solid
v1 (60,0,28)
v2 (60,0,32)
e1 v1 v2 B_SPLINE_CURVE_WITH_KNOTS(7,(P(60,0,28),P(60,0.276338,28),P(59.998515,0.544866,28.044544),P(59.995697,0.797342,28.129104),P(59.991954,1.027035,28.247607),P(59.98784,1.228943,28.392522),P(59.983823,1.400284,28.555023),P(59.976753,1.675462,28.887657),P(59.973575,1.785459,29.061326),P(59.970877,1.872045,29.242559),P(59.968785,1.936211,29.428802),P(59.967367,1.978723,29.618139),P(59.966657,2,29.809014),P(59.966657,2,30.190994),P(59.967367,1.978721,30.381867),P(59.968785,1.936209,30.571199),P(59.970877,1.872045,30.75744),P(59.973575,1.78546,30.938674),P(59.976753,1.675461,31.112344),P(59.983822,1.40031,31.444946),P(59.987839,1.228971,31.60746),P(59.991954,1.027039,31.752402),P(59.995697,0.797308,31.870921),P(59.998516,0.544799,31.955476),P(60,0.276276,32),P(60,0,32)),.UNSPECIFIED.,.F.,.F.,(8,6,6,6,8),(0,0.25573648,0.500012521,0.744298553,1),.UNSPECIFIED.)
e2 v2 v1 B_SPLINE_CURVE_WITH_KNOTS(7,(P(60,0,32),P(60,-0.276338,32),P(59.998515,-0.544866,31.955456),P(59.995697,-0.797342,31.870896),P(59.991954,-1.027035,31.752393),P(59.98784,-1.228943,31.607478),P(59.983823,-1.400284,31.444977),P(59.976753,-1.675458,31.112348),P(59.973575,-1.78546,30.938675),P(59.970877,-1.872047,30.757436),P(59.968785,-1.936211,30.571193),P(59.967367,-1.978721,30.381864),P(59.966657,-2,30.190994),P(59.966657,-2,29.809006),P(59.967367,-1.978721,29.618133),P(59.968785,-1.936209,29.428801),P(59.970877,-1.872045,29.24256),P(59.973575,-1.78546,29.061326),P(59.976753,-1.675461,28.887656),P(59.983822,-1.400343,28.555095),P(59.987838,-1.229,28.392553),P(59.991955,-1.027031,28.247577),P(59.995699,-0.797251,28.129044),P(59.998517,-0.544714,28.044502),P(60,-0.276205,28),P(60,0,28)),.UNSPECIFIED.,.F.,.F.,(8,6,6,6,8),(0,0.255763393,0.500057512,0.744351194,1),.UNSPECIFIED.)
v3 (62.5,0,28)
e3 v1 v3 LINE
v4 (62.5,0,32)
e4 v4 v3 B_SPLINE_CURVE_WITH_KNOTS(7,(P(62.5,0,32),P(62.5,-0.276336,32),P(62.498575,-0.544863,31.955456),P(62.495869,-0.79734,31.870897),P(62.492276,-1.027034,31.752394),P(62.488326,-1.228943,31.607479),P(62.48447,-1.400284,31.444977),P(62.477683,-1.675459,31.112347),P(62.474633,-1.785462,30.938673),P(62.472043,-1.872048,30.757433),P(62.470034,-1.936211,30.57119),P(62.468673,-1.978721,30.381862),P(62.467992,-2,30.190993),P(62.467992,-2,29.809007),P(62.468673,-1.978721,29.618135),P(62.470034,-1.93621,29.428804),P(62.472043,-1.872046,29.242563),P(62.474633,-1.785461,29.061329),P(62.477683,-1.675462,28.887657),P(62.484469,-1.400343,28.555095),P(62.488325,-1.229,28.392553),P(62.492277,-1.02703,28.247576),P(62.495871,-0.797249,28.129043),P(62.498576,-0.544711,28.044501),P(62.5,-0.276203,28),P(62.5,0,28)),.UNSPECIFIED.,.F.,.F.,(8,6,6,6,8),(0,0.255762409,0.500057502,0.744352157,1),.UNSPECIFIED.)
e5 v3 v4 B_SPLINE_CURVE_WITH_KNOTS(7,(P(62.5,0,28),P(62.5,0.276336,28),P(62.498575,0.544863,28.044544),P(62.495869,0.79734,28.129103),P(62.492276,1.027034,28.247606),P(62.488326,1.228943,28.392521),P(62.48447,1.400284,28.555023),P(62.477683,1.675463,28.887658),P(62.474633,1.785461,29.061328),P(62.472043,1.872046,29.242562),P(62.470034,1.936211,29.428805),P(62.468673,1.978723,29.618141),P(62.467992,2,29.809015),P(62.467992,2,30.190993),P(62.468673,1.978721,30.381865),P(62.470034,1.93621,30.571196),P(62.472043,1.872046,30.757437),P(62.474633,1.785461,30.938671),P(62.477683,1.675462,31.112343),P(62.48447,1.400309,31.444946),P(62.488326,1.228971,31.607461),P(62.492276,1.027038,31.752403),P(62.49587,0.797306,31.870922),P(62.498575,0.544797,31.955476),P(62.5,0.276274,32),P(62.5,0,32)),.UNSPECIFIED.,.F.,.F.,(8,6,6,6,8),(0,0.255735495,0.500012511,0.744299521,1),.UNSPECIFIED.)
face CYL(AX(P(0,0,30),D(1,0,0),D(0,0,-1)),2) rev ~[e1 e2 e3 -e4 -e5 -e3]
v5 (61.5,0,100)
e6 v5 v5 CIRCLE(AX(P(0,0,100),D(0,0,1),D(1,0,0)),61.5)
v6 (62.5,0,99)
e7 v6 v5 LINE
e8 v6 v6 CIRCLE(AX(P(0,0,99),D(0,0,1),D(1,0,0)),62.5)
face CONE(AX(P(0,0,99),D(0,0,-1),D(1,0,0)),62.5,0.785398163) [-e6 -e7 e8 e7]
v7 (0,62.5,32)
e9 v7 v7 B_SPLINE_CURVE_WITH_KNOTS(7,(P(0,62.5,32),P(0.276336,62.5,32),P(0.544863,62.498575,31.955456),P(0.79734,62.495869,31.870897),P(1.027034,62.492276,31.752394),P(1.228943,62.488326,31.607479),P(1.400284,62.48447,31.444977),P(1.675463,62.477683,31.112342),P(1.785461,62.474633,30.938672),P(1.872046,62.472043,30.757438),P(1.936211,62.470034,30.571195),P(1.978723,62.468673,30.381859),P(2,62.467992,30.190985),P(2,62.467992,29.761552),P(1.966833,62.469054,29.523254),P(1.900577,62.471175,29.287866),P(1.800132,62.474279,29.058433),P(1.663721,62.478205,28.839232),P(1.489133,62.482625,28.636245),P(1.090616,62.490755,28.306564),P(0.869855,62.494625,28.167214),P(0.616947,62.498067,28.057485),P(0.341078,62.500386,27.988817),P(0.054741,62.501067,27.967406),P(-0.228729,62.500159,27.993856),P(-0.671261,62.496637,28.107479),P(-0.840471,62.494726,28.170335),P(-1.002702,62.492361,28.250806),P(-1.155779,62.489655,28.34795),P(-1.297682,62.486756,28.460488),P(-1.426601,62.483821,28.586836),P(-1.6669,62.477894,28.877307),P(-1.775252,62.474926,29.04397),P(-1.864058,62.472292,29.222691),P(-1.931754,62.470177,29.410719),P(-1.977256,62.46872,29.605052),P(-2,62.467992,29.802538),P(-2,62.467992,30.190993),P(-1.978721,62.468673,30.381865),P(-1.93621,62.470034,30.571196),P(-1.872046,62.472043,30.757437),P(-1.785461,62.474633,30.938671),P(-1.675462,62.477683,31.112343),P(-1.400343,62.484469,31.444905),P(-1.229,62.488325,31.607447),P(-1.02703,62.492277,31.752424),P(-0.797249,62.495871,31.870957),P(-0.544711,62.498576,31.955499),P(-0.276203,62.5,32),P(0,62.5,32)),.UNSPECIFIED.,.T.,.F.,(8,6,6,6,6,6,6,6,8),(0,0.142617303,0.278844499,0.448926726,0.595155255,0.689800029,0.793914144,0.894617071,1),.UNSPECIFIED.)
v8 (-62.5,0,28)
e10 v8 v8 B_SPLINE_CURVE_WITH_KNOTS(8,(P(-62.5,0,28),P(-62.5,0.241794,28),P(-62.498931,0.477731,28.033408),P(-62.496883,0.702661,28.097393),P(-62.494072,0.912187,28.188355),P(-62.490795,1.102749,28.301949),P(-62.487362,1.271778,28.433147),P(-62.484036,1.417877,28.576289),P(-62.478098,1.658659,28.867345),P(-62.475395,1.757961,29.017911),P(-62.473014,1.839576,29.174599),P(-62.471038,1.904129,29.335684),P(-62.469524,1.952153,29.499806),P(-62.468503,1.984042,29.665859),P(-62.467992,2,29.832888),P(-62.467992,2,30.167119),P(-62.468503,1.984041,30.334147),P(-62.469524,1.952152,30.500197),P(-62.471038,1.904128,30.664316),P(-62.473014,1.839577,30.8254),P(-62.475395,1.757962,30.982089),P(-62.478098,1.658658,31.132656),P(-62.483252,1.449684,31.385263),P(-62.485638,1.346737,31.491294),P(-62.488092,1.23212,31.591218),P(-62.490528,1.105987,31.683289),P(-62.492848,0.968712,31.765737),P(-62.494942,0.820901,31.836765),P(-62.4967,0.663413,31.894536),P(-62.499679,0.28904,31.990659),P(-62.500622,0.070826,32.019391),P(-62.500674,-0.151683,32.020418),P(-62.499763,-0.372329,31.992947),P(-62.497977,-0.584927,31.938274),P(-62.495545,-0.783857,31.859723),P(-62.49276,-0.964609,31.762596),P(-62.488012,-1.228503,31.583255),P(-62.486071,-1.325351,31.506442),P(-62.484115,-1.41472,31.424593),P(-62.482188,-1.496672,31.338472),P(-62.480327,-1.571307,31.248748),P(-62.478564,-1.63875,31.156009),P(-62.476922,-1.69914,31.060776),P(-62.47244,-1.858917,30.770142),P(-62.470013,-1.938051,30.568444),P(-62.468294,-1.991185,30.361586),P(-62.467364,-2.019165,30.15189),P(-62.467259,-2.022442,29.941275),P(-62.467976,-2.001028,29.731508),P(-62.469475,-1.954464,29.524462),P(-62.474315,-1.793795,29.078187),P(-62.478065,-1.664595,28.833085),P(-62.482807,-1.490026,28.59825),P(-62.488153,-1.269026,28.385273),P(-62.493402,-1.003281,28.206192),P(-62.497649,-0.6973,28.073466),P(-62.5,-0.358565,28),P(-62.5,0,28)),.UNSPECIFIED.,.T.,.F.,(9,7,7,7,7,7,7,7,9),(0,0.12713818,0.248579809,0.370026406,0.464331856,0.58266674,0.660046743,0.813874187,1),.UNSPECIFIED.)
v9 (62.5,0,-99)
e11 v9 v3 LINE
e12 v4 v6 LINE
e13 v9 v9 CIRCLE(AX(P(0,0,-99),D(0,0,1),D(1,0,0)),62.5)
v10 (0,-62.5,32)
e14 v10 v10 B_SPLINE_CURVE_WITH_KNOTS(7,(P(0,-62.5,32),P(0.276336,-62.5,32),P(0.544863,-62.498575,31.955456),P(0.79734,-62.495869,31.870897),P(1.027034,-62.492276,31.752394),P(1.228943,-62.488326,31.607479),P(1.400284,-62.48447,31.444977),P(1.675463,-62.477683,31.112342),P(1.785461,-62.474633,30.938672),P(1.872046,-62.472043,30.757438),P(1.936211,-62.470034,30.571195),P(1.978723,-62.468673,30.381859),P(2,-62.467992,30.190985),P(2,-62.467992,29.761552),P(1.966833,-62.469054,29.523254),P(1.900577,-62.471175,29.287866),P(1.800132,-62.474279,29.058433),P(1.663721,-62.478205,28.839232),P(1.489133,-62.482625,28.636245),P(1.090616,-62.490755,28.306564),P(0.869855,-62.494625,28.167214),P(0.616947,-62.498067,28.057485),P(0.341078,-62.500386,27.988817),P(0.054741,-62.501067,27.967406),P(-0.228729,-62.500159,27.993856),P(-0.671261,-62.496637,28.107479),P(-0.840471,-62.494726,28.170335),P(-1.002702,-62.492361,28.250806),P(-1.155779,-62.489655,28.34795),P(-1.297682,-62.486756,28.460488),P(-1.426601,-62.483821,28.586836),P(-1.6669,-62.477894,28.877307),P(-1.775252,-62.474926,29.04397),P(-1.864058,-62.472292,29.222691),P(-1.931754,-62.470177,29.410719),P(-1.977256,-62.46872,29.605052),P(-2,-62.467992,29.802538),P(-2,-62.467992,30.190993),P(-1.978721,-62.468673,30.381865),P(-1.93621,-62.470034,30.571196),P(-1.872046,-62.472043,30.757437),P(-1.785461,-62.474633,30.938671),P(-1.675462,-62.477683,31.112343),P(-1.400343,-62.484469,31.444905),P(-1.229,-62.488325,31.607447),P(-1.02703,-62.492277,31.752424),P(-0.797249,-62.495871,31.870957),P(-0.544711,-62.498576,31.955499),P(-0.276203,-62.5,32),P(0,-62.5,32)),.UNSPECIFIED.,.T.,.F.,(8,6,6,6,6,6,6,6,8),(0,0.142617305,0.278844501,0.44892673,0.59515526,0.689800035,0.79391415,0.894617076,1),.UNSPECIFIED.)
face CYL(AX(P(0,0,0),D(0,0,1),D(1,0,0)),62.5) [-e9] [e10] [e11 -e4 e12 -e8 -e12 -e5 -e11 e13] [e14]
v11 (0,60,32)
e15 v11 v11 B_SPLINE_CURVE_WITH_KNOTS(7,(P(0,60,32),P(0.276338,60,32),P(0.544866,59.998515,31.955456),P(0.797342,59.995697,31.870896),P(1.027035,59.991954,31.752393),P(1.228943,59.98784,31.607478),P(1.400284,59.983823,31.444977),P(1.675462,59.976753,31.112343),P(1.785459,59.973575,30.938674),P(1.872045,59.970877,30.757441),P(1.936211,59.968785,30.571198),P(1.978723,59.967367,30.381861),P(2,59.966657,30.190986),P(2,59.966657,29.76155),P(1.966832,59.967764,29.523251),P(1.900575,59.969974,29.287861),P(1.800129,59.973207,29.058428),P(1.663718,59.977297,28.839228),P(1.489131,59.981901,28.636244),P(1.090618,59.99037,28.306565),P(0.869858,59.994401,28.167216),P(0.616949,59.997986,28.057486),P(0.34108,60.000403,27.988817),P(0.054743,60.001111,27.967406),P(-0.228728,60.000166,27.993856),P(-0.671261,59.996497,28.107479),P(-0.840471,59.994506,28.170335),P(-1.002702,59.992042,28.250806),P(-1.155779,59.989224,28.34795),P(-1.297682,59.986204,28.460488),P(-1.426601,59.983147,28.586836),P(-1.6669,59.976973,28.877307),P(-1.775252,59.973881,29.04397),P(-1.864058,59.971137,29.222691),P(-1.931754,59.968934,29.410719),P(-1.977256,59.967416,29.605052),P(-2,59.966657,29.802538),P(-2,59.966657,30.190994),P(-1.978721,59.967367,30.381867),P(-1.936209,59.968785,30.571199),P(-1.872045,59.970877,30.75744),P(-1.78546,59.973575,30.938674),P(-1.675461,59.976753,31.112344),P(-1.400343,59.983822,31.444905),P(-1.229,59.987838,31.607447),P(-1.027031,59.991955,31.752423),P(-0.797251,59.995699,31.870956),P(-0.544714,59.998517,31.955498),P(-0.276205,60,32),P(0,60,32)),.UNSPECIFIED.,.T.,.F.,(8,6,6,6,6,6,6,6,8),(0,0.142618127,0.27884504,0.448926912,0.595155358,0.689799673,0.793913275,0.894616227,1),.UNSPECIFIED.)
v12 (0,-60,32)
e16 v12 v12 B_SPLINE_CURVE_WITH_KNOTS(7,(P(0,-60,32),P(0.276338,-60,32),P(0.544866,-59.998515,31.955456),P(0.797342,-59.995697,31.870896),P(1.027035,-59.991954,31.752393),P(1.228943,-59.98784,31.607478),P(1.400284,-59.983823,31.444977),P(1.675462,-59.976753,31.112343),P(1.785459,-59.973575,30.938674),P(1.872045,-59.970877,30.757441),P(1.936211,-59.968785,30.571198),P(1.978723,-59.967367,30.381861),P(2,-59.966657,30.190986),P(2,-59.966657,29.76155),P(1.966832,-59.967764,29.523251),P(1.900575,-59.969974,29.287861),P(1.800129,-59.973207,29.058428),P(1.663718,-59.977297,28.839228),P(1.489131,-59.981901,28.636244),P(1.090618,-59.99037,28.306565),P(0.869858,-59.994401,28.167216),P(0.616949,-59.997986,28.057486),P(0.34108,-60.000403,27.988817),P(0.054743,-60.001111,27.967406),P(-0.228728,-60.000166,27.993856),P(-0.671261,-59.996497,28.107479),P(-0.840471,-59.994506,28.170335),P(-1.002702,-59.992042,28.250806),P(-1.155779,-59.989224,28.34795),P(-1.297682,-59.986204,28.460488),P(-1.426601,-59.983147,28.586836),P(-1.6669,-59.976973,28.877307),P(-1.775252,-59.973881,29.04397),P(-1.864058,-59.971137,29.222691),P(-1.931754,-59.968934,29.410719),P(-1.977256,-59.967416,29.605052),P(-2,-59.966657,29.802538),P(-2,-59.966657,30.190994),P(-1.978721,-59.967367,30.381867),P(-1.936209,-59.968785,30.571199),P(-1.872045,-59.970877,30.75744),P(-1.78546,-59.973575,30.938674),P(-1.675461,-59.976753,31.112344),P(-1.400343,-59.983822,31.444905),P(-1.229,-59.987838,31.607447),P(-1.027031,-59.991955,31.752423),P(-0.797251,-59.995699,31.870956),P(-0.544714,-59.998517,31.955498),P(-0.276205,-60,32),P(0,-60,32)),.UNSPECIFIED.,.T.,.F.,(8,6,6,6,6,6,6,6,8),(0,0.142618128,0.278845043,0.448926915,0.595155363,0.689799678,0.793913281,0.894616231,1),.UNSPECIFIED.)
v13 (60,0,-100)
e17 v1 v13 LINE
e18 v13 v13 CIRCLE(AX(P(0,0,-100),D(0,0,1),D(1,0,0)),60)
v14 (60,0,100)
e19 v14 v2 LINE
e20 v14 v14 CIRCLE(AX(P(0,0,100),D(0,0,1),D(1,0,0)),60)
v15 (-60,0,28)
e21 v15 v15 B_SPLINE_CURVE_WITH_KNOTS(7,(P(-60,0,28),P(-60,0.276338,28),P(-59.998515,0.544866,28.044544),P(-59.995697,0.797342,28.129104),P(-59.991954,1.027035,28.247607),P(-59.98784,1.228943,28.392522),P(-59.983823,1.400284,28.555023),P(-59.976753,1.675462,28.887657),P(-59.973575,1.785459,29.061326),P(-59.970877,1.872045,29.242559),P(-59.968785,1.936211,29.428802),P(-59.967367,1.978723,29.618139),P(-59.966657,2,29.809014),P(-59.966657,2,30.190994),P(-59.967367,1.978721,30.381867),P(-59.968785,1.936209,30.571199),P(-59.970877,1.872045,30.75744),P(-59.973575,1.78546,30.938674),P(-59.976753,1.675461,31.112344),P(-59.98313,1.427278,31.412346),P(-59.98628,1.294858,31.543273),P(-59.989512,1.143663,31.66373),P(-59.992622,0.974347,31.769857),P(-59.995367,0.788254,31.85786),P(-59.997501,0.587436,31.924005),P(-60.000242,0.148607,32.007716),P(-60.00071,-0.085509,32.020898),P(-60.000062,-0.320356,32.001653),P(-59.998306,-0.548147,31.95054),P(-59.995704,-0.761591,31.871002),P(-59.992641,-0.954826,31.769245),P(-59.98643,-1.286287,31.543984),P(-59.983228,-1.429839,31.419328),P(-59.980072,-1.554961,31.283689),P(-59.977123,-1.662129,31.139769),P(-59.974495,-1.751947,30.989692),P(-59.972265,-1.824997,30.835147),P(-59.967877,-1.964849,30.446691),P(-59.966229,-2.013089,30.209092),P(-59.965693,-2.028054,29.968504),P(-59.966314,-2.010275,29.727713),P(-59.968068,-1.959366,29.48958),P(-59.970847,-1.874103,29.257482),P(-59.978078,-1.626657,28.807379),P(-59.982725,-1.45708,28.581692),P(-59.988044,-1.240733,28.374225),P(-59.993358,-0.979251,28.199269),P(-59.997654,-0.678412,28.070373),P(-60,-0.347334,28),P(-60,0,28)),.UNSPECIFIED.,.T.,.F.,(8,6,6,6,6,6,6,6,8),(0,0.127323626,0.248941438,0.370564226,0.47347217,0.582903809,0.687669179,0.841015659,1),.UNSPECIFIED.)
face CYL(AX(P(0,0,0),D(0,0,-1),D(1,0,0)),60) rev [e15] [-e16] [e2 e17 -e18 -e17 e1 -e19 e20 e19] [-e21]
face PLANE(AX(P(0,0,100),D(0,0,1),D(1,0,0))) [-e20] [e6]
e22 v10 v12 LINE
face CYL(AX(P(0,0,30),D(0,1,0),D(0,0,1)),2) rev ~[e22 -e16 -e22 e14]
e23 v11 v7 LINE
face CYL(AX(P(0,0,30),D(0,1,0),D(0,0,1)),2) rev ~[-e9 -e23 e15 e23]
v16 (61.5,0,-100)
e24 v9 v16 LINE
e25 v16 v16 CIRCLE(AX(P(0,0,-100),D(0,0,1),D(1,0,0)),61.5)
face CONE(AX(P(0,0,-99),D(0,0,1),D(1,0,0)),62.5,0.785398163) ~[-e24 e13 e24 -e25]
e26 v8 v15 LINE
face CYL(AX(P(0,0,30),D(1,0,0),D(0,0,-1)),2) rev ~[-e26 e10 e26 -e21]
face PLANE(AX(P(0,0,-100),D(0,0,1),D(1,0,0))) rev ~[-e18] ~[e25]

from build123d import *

# Parameters (mm, degrees)
SKETCH1_R           = 62.5
SKETCH1_R_2         = 60
BOSS_EXTRUDE1_DEPTH = 100
SKETCH2_R           = 2
CUT_EXTRUDE1_DEPTH  = 100
SKETCH3_R           = 2
CUT_EXTRUDE2_DEPTH  = 74
CHAMFER1_SIZE       = 1
CHAMFER2_SIZE       = 1


with BuildPart() as part:
    # Sketch1 → Boss-Extrude1 (new, symmetric)
    with BuildSketch(Plane.XY):
        Circle(SKETCH1_R)
        Circle(SKETCH1_R_2, mode=Mode.SUBTRACT)
    extrude(amount=BOSS_EXTRUDE1_DEPTH, both=True)

    # Sketch2 → Cut-Extrude1 (cut, symmetric)
    with BuildSketch(Plane(origin=(0, 0, 0), x_dir=(1, 0, 0), z_dir=(0, 1, 0))):
        with Locations(Location((0, -30, 0), (0, 0, 270))):
            Circle(SKETCH2_R)
    extrude(amount=CUT_EXTRUDE1_DEPTH, both=True, mode=Mode.SUBTRACT)

    # Sketch3 → Cut-Extrude2 (cut, symmetric)
    with BuildSketch(Plane(origin=(0, 0, 0), x_dir=(0, 0, -1), z_dir=(1, 0, 0))):
        with Locations((-30, 0)):
            Circle(SKETCH3_R)
    extrude(amount=CUT_EXTRUDE2_DEPTH, both=True, mode=Mode.SUBTRACT)

    # Chamfer1
    chamfer1_edges = [part.edges().sort_by_distance(p)[0] for p in [
        (-62.5, 0, 100),
    ]]
    chamfer(chamfer1_edges, length=CHAMFER1_SIZE)

    # Chamfer2
    chamfer2_edges = [part.edges().sort_by_distance(p)[0] for p in [
        (-62.5, 0, -100),
    ]]
    chamfer(chamfer2_edges, length=CHAMFER2_SIZE)


solid = part.part
